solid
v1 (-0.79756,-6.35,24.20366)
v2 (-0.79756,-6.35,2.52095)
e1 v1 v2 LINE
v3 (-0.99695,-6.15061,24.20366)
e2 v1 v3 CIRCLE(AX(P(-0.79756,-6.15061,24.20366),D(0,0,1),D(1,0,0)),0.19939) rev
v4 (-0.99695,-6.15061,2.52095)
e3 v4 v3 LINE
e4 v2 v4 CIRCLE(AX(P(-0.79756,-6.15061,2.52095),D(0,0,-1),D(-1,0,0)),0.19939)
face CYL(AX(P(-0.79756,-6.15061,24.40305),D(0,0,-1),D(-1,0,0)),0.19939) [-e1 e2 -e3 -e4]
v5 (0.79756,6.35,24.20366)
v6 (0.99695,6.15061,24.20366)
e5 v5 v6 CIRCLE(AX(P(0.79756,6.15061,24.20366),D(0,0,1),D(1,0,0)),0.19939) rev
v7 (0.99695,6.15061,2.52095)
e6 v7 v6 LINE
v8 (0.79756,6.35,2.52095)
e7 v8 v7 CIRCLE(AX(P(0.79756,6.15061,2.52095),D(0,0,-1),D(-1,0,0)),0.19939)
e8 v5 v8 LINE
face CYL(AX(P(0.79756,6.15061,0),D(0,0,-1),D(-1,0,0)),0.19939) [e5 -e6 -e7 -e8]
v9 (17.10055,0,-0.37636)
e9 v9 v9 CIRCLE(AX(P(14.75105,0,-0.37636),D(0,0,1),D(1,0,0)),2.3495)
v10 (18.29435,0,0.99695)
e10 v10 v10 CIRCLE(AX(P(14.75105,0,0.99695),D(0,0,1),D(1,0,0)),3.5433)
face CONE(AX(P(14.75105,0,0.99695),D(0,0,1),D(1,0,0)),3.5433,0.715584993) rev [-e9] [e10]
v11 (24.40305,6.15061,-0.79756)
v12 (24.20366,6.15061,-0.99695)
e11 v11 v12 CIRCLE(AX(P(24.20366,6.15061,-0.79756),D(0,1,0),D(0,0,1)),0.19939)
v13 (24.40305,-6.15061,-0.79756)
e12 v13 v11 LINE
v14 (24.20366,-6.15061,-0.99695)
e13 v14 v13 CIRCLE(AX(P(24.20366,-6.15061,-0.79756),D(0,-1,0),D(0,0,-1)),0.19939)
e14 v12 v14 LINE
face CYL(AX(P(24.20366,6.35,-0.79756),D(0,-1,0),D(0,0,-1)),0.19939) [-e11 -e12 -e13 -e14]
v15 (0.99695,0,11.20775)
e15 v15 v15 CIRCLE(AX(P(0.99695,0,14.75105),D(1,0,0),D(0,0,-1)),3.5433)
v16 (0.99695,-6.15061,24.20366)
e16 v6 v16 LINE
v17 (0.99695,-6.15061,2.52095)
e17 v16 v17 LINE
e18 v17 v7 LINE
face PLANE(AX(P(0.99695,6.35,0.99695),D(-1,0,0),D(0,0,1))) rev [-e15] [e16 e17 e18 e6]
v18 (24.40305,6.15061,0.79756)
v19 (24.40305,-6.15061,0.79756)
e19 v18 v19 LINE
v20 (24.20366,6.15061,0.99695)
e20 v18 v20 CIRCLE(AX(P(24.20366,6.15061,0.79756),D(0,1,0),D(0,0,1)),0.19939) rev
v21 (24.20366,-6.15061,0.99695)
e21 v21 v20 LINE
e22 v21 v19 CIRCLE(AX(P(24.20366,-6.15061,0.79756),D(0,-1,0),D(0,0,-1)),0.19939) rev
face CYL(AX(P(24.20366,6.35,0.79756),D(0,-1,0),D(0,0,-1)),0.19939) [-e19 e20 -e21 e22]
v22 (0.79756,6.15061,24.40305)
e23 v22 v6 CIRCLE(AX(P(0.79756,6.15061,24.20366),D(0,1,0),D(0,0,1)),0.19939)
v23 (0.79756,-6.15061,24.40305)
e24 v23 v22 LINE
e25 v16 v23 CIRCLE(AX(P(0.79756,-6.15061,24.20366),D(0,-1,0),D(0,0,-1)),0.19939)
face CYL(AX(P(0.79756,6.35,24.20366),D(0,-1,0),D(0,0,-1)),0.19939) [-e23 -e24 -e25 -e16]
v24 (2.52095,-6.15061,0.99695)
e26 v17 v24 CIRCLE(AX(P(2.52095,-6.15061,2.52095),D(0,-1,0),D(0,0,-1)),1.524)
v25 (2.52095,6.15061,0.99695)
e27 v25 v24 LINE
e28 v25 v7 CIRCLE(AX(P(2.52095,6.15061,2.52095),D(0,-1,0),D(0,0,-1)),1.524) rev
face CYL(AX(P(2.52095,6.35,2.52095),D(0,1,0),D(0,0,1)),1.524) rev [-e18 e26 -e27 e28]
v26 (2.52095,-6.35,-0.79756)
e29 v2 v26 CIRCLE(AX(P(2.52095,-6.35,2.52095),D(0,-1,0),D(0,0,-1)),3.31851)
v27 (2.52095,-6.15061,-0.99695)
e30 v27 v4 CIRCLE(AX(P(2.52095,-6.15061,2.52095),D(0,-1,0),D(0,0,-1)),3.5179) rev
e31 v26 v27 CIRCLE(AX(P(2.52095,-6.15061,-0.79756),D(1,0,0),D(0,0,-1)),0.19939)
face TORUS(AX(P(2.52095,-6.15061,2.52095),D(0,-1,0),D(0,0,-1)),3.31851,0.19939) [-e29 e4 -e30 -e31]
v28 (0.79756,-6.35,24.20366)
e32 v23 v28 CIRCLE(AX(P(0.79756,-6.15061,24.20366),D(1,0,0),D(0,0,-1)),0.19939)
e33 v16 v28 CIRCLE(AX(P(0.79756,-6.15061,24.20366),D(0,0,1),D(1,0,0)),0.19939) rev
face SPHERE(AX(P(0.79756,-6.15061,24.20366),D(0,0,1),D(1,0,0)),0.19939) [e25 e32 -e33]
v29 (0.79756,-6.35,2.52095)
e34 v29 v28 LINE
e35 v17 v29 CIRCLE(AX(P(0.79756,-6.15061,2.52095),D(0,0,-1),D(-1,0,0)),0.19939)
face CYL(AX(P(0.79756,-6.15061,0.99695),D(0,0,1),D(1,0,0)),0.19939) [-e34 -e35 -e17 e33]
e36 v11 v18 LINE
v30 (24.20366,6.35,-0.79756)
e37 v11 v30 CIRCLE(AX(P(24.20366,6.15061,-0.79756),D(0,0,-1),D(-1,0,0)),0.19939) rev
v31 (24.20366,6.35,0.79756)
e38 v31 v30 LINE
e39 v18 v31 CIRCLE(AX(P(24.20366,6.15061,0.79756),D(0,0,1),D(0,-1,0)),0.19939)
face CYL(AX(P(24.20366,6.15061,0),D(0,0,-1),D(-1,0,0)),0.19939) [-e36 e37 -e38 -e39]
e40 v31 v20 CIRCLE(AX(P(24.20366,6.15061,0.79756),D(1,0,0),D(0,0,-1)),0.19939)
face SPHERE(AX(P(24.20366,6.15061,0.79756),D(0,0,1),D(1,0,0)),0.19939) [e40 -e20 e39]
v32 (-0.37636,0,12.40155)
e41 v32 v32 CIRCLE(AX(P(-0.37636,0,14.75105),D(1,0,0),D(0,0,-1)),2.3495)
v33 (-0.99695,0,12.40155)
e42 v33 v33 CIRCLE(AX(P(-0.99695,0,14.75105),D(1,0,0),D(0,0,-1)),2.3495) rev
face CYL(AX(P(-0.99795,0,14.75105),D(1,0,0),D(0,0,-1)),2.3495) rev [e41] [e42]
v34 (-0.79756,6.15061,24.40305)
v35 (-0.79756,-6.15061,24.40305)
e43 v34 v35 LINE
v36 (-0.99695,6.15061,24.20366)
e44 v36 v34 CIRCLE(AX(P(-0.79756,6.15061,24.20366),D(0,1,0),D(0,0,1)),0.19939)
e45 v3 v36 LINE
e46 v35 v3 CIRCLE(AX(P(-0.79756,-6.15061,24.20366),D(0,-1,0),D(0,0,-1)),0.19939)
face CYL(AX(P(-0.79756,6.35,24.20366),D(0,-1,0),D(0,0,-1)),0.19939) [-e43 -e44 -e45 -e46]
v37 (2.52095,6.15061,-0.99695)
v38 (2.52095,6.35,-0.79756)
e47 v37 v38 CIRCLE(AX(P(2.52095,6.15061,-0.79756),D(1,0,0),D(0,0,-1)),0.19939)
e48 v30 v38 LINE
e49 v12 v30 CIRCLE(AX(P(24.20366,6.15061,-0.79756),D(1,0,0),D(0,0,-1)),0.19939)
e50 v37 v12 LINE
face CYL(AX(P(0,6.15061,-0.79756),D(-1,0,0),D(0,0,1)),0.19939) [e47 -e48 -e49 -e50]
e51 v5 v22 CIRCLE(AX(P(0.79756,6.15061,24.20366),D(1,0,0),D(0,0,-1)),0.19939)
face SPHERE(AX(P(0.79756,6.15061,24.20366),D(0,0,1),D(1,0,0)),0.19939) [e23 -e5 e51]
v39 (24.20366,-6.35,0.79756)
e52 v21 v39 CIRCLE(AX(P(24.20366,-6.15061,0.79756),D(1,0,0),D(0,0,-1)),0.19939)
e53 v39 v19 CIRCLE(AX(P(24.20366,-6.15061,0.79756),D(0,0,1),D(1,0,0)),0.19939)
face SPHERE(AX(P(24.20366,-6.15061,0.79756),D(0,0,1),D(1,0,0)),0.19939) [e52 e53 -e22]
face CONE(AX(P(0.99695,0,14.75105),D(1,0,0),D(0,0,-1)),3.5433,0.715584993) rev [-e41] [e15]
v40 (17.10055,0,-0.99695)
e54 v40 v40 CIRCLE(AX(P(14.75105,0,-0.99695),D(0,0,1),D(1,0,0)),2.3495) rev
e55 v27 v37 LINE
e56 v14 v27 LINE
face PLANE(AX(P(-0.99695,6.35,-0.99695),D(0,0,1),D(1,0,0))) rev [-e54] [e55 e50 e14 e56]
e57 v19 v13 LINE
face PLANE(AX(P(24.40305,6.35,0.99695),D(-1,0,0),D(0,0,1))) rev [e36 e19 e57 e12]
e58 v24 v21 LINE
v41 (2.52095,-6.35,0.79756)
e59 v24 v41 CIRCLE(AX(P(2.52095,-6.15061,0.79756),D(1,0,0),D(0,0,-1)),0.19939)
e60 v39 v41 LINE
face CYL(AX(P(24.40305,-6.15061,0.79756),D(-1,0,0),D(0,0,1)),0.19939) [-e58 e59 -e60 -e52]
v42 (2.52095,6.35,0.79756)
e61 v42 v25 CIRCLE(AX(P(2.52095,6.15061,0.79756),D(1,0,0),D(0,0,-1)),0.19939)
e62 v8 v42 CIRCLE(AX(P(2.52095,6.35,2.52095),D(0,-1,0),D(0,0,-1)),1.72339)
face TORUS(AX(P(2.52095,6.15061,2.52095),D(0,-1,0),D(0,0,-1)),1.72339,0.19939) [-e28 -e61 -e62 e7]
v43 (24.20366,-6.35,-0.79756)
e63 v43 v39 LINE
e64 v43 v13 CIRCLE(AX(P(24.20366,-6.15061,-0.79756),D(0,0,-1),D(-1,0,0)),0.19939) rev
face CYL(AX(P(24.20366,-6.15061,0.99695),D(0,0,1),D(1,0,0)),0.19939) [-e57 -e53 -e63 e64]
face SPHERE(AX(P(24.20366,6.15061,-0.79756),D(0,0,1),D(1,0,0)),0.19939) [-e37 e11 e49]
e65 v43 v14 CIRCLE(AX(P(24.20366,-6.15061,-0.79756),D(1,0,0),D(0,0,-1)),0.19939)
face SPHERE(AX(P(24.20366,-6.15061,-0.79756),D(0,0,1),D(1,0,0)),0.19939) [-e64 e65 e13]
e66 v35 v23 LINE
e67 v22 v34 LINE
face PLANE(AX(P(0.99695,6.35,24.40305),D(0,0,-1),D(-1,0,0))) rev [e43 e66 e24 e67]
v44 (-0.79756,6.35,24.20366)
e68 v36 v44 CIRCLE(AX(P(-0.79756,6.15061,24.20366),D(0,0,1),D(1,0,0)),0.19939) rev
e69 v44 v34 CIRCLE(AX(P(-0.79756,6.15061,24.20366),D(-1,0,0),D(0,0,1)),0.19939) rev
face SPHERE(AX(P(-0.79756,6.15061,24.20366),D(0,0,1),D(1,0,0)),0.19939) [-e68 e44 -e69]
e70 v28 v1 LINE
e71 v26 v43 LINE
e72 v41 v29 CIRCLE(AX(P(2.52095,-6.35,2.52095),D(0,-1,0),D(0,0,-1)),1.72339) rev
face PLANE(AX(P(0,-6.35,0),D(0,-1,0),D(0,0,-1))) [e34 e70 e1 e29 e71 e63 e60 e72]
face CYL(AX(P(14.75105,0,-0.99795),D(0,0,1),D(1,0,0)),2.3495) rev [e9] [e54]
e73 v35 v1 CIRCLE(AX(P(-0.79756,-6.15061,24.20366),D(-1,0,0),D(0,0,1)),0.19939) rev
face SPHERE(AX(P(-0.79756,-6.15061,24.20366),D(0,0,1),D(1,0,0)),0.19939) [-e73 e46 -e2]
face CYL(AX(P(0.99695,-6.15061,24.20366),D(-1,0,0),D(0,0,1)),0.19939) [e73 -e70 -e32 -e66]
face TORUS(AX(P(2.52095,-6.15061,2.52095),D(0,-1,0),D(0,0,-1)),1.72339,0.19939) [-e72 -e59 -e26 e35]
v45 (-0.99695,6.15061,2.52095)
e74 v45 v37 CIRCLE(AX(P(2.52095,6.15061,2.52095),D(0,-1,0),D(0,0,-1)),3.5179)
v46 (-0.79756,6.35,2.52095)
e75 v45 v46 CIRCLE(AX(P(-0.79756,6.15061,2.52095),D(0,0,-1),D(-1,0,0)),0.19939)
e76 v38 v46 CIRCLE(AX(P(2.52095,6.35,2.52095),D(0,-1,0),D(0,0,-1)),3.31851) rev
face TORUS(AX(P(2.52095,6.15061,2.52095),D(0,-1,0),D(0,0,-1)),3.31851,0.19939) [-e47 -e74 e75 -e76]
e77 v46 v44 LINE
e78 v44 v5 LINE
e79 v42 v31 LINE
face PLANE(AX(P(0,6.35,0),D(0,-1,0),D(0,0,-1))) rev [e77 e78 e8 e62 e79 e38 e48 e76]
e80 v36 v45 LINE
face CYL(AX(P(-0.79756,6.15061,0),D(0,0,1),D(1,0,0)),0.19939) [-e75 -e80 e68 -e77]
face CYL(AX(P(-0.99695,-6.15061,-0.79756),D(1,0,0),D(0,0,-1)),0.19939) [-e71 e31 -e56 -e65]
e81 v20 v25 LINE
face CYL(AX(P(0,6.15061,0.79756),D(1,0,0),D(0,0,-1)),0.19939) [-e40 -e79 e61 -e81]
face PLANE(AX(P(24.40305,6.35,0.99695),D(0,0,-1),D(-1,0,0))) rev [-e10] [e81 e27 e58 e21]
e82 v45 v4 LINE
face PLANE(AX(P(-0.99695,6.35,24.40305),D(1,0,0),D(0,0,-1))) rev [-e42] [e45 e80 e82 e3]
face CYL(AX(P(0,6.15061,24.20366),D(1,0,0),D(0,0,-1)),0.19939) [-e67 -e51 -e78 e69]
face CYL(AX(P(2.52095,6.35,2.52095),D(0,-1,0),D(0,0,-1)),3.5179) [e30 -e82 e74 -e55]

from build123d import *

# Parameters (mm, degrees)
BOSS_EXTRUDE1_DEPTH = 6.35
FILLET1_R           = 1.524
FILLET2_R           = 3.5179
CUT_EXTRUDE1_REACH  = 36.405
SKETCH4_R           = 2.3495
CUT_EXTRUDE3_REACH  = 36.405
SKETCH6_R           = 2.3495
FILLET3_R           = 0.19939


with BuildPart() as part:
    # Sketch3 → Boss-Extrude1 (new, symmetric)
    with BuildSketch(Plane(origin=(0, 0, 0), x_dir=(1, 0, 0), z_dir=(0, 1, 0))):
        Polygon((0.99695, -24.40305), (-0.99695, -24.40305), (-0.99695, 0.99695), (24.40305, 0.99695), (24.40305, -0.99695), (0.99695, -0.99695), align=None)
    extrude(amount=BOSS_EXTRUDE1_DEPTH, both=True)

    # Fillet1
    fillet1_edges = [part.edges().sort_by_distance(p)[0] for p in [
        (0.99695, 0, 0.99695),
    ]]
    fillet(fillet1_edges, radius=FILLET1_R)

    # Fillet2
    fillet2_edges = [part.edges().sort_by_distance(p)[0] for p in [
        (-0.99695, 0, -0.99695),
    ]]
    fillet(fillet2_edges, radius=FILLET2_R)

    # Sketch4 → Cut-Extrude1 (cut, up to next)
    with BuildSketch(Plane.XY.offset(0.99695), mode=Mode.PRIVATE) as cut_extrude1_sk1:
        with Locations((14.75105, 0)):
            Circle(SKETCH4_R)
    cut_extrude1_tool1 = extrude(cut_extrude1_sk1.sketch, amount=-CUT_EXTRUDE1_REACH, mode=Mode.PRIVATE) & part.part
    add(cut_extrude1_tool1.solids().sort_by_distance((14.75105, 0, 0.99695))[0], mode=Mode.SUBTRACT)

    # Cut-Extrude2 cone 1 section (through the dimple's axis) → Cut-Extrude2 (revolve, cut)
    with BuildSketch(Plane(origin=(14.75105, 0, 0.99695), x_dir=(0, -1, 0), z_dir=(1, 0, 0))):
        Polygon((0, 0), (3.5433, 0), (0, 4.076100377), align=None)
    revolve(axis=Axis((14.75105, 0, 0.99695), (0, 0, -1)), mode=Mode.SUBTRACT)

    # Sketch6 → Cut-Extrude3 (cut, up to next)
    with BuildSketch(Plane(origin=(0.99695, 0, 0), x_dir=(0, 0, -1), z_dir=(1, 0, 0)), mode=Mode.PRIVATE) as cut_extrude3_sk1:
        with Locations((-14.75105, 0)):
            Circle(SKETCH6_R)
    cut_extrude3_tool1 = extrude(cut_extrude3_sk1.sketch, amount=-CUT_EXTRUDE3_REACH, mode=Mode.PRIVATE) & part.part
    add(cut_extrude3_tool1.solids().sort_by_distance((0.99695, 0, 14.75105))[0], mode=Mode.SUBTRACT)

    # Cut-Extrude4 cone 1 section (through the dimple's axis) → Cut-Extrude4 (revolve, cut)
    with BuildSketch(Plane(origin=(0.99695, 0, 14.75105), x_dir=(0, 0, -1), z_dir=(0, 1, 0))):
        Polygon((0, 0), (3.5433, 0), (0, 4.076100377), align=None)
    revolve(axis=Axis((0.99695, 0, 14.75105), (-1, 0, 0)), mode=Mode.SUBTRACT)

    # Fillet3
    fillet3_edges = [part.edges().sort_by_distance(p)[0] for p in [
        (0.99695, 6.35, 13.462),
        (24.40305, 0, -0.99695),
        (24.40305, 0, 0.99695),
        (0.99695, 0, 24.40305),
        (-0.99695, 0, 24.40305),
        (24.40305, 6.35, 0),
        (13.462, -6.35, 0.99695),
        (13.462, 6.35, 0.99695),
        (13.462, 6.35, -0.99695),
        (1.443319265, -6.35, 1.443319265),
        (1.443319265, 6.35, 1.443319265),
        (-0.99695, -6.35, 13.462),
        (-0.99695, 6.35, 13.462),
        (0.033419054, -6.35, 0.033419054),
        (0.033419054, 6.35, 0.033419054),
        (13.462, -6.35, -0.99695),
        (24.40305, -6.35, 0),
        (0, 6.35, 24.40305),
        (0.99695, -6.35, 13.462),
        (0, -6.35, 24.40305),
    ]]
    fillet(fillet3_edges, radius=FILLET3_R)


solid = part.part
